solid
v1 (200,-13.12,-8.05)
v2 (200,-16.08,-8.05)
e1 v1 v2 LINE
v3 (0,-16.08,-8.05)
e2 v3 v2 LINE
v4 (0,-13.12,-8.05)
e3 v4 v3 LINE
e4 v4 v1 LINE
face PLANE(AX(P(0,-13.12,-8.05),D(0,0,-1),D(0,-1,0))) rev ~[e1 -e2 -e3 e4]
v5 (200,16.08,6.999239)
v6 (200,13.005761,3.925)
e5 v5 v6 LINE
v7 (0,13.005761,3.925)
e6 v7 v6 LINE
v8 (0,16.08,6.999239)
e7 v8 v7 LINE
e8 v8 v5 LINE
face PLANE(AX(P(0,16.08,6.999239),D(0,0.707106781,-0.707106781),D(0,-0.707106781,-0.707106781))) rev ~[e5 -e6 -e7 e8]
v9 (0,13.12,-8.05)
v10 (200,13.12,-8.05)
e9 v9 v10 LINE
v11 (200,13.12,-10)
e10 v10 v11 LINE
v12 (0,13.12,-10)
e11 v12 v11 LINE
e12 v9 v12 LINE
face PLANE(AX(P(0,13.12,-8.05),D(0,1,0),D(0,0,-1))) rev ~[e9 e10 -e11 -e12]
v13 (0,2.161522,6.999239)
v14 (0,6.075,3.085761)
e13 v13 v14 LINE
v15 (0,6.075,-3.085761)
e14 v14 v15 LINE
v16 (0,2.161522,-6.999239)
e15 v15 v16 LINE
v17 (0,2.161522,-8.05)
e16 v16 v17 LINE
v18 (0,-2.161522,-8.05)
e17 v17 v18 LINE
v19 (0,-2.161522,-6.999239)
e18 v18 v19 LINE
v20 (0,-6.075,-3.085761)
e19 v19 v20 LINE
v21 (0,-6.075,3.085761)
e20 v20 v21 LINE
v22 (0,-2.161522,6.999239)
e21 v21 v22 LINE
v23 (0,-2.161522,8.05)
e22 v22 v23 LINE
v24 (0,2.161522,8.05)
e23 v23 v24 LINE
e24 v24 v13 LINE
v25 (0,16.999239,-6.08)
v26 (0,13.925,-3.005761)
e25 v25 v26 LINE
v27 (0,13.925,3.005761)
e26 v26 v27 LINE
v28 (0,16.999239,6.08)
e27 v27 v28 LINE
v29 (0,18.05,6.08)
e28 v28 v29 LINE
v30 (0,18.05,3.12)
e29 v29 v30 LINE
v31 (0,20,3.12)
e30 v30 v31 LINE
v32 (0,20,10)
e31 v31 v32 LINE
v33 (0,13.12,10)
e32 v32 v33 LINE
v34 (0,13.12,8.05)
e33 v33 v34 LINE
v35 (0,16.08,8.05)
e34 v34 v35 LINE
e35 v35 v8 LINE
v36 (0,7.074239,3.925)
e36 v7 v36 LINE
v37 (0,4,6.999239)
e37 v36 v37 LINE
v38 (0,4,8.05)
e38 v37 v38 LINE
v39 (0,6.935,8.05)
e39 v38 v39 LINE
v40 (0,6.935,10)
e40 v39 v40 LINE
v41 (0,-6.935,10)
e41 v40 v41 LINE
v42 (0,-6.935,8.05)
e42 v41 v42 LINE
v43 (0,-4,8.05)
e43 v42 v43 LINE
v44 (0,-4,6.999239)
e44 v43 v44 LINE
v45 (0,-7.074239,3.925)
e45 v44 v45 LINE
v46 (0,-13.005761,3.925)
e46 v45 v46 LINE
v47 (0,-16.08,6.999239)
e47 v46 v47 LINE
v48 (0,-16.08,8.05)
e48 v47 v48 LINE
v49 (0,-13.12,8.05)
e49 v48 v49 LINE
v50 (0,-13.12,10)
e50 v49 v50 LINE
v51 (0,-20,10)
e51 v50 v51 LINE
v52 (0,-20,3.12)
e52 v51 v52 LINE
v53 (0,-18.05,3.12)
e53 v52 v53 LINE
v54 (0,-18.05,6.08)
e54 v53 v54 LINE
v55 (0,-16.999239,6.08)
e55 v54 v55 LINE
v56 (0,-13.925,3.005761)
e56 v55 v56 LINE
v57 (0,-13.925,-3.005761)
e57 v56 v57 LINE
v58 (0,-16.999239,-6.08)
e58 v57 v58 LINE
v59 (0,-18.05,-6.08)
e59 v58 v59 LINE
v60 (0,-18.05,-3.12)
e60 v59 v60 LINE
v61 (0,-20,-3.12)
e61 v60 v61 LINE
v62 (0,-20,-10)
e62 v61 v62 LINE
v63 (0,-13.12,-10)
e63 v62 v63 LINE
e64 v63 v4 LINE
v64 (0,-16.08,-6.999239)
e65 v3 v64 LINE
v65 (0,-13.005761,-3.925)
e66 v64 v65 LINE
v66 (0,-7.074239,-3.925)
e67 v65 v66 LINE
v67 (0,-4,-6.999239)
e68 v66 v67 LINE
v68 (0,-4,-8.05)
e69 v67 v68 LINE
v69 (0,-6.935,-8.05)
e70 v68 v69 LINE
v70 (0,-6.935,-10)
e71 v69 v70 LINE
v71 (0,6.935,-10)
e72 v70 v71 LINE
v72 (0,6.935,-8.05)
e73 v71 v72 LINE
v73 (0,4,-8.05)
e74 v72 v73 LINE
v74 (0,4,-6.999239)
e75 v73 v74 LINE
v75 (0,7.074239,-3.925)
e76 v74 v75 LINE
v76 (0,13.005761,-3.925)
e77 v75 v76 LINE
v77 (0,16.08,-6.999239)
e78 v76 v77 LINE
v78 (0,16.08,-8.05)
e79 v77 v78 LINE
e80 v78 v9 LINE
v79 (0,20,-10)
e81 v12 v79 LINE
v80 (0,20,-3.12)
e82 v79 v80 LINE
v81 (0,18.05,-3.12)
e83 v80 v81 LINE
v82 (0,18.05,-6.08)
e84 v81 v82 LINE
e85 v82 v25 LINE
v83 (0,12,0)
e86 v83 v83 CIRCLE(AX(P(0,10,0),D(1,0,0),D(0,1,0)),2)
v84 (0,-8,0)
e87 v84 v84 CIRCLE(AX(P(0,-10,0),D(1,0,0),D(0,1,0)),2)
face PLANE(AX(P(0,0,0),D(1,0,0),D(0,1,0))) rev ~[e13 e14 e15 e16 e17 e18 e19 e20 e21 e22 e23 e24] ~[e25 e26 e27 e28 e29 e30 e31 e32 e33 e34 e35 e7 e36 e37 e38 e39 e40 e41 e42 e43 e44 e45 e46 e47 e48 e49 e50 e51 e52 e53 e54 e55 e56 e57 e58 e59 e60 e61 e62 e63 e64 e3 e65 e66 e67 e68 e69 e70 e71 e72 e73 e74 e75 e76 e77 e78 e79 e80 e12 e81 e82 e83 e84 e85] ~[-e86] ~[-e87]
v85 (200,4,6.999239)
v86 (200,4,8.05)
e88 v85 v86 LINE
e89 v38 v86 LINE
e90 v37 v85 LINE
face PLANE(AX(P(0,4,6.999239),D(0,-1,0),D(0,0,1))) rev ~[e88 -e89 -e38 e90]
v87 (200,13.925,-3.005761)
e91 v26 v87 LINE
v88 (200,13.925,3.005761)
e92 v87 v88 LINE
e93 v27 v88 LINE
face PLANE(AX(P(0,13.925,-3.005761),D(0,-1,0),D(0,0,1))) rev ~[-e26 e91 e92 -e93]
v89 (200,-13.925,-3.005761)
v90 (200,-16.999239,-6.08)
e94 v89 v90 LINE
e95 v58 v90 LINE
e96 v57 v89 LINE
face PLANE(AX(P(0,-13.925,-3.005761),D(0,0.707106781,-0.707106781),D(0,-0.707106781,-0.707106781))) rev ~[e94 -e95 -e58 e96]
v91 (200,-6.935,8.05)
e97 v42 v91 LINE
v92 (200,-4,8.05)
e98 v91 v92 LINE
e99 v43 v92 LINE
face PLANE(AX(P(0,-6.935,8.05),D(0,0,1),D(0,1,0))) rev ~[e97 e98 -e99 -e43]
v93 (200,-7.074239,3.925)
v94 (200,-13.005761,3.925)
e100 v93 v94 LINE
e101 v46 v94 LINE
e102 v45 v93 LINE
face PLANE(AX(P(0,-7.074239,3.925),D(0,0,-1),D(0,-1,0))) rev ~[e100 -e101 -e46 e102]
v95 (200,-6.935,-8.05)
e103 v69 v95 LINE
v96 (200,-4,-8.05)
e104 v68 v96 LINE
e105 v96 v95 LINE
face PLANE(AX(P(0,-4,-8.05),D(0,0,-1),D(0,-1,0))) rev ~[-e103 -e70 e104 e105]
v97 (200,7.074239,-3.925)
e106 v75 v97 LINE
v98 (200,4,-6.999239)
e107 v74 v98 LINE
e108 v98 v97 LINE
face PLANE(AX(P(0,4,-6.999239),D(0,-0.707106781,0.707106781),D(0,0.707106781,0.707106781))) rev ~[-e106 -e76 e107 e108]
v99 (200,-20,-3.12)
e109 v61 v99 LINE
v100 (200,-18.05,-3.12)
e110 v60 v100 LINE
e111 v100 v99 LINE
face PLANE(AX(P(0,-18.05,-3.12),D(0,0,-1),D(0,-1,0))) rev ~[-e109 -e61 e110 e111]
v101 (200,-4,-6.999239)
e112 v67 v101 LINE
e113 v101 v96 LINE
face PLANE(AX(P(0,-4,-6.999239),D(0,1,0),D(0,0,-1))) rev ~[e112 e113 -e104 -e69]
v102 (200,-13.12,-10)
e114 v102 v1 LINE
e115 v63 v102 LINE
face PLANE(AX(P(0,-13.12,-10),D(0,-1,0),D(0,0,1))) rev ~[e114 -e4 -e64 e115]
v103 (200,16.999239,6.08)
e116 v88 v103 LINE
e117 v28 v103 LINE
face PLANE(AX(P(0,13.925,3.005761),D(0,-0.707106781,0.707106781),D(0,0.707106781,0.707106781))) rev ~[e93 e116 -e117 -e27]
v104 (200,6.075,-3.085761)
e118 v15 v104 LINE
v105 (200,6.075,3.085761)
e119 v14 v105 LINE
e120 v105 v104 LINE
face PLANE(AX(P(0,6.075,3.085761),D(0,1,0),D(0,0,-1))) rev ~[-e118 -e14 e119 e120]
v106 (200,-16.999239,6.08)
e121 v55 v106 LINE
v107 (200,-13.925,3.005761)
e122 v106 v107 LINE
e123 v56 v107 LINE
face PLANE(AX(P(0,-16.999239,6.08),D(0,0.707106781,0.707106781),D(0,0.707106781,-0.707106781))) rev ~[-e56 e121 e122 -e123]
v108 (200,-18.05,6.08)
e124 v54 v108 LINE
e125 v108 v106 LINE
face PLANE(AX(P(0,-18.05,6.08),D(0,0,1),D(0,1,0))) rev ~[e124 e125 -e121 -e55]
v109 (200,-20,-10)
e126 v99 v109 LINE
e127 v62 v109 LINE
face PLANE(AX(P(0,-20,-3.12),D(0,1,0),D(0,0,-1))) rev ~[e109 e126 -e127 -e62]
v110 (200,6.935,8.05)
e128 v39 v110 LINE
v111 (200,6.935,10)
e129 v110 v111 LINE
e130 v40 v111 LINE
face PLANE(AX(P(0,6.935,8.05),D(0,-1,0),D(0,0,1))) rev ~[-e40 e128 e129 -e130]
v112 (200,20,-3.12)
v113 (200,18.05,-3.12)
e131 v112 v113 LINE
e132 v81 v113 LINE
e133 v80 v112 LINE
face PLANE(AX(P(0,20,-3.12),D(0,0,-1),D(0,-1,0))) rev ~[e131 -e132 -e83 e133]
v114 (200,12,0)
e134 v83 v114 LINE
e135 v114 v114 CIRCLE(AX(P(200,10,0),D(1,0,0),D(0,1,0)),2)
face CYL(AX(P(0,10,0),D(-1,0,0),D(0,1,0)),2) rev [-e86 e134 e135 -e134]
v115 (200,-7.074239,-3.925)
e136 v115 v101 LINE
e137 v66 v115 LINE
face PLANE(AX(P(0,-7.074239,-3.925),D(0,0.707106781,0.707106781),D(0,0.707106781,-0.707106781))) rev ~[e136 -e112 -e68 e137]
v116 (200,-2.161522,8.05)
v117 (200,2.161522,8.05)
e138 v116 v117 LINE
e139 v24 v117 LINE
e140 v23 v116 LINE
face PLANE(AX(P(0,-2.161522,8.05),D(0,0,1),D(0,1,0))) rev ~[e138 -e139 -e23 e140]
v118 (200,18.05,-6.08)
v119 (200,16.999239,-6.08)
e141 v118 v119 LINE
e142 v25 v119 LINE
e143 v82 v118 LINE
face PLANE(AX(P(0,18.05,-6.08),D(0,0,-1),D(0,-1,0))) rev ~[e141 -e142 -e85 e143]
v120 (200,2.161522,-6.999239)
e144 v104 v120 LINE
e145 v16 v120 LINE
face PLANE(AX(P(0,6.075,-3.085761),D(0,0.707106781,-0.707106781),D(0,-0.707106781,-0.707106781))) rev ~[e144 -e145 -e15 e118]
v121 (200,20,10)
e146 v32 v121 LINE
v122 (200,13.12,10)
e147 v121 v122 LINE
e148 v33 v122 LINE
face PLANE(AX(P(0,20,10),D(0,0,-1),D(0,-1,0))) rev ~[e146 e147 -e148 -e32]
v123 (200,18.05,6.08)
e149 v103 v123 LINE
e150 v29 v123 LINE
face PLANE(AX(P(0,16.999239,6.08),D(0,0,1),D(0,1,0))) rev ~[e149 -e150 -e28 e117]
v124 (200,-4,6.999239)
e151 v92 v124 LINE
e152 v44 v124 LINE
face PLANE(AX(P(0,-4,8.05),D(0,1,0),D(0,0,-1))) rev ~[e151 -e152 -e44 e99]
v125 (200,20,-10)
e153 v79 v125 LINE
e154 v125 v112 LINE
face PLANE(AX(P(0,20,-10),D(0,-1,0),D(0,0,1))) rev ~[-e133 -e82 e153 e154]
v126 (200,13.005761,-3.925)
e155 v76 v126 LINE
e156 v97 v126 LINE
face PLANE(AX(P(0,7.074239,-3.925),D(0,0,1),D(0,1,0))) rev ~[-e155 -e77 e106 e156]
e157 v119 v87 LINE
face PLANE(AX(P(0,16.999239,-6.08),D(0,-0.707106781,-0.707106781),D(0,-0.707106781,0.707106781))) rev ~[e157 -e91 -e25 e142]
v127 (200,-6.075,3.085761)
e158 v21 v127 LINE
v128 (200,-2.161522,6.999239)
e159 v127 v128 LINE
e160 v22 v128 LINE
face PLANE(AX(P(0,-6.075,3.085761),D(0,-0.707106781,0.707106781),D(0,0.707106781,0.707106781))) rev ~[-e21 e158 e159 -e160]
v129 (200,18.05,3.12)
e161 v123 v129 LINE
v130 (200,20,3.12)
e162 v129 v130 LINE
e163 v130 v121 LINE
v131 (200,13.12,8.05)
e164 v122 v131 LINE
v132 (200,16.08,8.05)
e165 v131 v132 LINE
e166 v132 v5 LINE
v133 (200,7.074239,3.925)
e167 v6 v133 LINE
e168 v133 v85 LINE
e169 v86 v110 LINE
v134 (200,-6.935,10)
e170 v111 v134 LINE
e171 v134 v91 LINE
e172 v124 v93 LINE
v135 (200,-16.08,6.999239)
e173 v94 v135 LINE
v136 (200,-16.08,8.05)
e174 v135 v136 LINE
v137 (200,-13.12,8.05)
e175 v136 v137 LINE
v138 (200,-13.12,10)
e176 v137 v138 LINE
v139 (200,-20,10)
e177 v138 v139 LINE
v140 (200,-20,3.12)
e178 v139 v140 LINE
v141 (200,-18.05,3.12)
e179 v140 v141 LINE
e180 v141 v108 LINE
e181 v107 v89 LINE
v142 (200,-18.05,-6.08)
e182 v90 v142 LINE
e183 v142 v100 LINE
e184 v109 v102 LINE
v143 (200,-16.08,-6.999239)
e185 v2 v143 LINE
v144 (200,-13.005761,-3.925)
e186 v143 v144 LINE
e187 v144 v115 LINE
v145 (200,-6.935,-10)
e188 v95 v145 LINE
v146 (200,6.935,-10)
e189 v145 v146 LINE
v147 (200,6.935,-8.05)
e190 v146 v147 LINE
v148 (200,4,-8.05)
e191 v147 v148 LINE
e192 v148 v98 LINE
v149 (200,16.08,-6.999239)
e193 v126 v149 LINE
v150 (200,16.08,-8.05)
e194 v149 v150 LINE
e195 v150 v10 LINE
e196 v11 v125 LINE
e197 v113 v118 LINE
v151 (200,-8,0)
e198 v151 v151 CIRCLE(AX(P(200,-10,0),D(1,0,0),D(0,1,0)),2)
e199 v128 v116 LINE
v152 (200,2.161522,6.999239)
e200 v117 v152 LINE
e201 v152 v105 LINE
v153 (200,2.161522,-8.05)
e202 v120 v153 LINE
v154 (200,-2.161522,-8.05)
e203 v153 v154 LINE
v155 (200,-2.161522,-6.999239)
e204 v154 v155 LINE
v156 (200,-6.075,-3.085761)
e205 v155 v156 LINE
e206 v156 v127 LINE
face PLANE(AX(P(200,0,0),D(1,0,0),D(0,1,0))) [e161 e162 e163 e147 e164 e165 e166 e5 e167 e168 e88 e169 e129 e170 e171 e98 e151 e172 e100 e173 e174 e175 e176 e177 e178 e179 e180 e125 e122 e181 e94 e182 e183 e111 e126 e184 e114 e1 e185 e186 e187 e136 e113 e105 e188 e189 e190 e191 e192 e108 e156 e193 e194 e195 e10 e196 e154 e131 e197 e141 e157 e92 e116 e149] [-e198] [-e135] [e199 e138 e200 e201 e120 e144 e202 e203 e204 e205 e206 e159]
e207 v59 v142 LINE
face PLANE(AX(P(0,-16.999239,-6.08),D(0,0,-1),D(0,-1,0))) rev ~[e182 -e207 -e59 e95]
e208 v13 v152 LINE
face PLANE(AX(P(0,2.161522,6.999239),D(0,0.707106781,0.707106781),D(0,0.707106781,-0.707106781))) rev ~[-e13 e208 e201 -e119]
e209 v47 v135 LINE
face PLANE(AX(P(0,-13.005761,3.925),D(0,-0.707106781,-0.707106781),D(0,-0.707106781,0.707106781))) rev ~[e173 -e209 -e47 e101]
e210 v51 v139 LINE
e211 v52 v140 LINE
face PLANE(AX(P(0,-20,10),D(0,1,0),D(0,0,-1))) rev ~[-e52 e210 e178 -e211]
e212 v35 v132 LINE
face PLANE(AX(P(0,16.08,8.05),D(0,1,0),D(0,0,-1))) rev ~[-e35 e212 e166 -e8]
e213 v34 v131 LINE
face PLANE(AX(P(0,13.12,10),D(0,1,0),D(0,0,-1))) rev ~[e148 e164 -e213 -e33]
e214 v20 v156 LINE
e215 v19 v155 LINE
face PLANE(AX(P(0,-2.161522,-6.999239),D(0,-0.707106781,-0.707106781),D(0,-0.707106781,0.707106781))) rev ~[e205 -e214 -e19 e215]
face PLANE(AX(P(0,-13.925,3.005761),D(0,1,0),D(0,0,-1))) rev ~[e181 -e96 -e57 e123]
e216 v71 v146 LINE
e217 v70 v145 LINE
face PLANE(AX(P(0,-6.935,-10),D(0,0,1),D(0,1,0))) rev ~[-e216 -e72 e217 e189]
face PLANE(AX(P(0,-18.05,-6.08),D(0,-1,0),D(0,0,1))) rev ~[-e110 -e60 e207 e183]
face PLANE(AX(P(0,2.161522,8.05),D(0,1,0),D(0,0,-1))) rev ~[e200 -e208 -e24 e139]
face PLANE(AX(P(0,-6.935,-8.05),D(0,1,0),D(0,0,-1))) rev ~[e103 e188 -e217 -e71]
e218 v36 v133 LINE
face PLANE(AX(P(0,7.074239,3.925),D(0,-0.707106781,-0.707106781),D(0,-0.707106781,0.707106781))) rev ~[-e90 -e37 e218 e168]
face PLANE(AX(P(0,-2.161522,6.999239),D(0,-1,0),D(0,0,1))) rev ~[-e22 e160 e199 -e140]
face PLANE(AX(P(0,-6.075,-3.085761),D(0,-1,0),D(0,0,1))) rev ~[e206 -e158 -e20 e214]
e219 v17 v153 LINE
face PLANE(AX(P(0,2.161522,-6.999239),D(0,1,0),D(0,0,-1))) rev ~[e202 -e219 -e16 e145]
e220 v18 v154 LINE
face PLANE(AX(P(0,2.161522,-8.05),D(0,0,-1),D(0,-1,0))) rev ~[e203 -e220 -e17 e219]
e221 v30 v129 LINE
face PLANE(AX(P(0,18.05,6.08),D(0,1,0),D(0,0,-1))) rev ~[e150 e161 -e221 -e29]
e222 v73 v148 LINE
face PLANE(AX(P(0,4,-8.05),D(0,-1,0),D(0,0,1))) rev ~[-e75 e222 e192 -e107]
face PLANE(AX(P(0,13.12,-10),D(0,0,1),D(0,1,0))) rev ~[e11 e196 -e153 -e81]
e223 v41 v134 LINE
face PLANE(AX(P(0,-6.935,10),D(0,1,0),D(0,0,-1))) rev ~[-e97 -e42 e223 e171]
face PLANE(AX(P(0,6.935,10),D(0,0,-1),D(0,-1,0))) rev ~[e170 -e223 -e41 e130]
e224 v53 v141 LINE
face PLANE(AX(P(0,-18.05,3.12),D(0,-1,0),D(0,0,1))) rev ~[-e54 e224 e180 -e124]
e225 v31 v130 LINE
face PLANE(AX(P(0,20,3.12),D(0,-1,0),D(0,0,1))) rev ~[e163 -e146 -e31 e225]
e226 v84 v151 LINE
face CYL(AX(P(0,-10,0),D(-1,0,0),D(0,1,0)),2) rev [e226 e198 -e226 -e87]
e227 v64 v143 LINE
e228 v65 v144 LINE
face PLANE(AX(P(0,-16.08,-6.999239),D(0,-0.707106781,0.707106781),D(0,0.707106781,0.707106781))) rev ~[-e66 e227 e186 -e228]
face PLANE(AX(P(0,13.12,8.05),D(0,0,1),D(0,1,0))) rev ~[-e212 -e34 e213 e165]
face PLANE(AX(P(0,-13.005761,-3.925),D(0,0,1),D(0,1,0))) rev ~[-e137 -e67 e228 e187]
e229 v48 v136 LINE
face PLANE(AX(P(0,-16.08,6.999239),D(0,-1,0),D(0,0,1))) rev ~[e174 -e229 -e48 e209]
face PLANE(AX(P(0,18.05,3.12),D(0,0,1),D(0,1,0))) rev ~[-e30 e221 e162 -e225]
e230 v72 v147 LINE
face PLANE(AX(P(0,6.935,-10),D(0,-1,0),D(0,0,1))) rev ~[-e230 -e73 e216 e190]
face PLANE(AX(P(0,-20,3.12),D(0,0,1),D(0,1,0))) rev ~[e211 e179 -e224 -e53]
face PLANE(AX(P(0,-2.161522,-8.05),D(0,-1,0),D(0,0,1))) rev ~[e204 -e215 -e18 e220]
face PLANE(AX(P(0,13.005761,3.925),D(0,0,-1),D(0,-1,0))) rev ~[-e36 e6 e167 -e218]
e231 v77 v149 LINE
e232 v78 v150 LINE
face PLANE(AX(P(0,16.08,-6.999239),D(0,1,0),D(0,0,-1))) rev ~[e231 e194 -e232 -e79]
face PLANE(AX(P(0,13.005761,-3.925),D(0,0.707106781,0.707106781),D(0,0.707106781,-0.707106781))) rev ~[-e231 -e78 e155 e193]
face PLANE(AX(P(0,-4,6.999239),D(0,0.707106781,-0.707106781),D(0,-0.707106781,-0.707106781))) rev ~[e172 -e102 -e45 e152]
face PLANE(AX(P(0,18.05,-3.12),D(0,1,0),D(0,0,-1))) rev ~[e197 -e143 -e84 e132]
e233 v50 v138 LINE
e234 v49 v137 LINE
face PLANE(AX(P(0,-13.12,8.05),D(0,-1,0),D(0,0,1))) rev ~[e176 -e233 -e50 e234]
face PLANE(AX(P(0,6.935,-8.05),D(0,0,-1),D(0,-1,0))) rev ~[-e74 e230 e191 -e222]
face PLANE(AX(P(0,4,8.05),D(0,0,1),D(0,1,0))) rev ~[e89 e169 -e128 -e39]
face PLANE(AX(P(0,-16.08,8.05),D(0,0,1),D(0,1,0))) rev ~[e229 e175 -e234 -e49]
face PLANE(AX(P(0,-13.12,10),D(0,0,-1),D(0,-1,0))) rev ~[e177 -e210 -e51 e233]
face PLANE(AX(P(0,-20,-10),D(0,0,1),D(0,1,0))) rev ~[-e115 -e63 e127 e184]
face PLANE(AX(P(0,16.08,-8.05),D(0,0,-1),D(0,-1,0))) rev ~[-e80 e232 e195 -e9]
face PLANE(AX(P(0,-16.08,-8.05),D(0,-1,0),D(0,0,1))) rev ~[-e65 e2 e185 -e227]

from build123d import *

# Parameters (mm, degrees)
F0_R     = 2
F1_DEPTH = 200


with BuildPart() as f1:
    # F0 (on Right) → F1 (new body)
    with BuildSketch(Plane.YZ):
        Polygon((6.935, 10), (0, 10), (-6.935, 10), (-6.935, 8.05), (-4, 8.05), (-4, 6.999239), (-7.074239, 3.925), (-13.005761, 3.925), (-16.08, 6.999239), (-16.08, 8.05), (-13.12, 8.05), (-13.12, 10), (-20, 10), (-20, 3.12), (-18.05, 3.12), (-18.05, 6.08), (-16.999239, 6.08), (-13.925, 3.005761), (-13.925, 0), (-13.925, -3.005761), (-16.999239, -6.08), (-18.05, -6.08), (-18.05, -3.12), (-20, -3.12), (-20, -10), (-13.12, -10), (-13.12, -8.05), (-16.08, -8.05), (-16.08, -6.999239), (-13.005761, -3.925), (-7.074239, -3.925), (-4, -6.999239), (-4, -8.05), (-6.935, -8.05), (-6.935, -10), (0, -10), (6.935, -10), (6.935, -8.05), (4, -8.05), (4, -6.999239), (7.074239, -3.925), (13.005761, -3.925), (16.08, -6.999239), (16.08, -8.05), (13.12, -8.05), (13.12, -10), (20, -10), (20, -3.12), (18.05, -3.12), (18.05, -6.08), (16.999239, -6.08), (13.925, -3.005761), (13.925, 0), (13.925, 3.005761), (16.999239, 6.08), (18.05, 6.08), (18.05, 3.12), (20, 3.12), (20, 10), (13.12, 10), (13.12, 8.05), (16.08, 8.05), (16.08, 6.999239), (13.005761, 3.925), (7.074239, 3.925), (4, 6.999239), (4, 8.05), (6.935, 8.05), align=None)
        with Locations((-10, 0)):
            Circle(F0_R, mode=Mode.SUBTRACT)
        Polygon((-2.161522, 8.05), (0, 8.05), (2.161522, 8.05), (2.161522, 6.999239), (6.075, 3.085761), (6.075, 0), (6.075, -3.085761), (2.161522, -6.999239), (2.161522, -8.05), (0, -8.05), (-2.161522, -8.05), (-2.161522, -6.999239), (-6.075, -3.085761), (-6.075, 0), (-6.075, 3.085761), (-2.161522, 6.999239), align=None, mode=Mode.SUBTRACT)
        with Locations((10, 0)):
            Circle(F0_R, mode=Mode.SUBTRACT)
    extrude(amount=F1_DEPTH)


solid = f1.part
